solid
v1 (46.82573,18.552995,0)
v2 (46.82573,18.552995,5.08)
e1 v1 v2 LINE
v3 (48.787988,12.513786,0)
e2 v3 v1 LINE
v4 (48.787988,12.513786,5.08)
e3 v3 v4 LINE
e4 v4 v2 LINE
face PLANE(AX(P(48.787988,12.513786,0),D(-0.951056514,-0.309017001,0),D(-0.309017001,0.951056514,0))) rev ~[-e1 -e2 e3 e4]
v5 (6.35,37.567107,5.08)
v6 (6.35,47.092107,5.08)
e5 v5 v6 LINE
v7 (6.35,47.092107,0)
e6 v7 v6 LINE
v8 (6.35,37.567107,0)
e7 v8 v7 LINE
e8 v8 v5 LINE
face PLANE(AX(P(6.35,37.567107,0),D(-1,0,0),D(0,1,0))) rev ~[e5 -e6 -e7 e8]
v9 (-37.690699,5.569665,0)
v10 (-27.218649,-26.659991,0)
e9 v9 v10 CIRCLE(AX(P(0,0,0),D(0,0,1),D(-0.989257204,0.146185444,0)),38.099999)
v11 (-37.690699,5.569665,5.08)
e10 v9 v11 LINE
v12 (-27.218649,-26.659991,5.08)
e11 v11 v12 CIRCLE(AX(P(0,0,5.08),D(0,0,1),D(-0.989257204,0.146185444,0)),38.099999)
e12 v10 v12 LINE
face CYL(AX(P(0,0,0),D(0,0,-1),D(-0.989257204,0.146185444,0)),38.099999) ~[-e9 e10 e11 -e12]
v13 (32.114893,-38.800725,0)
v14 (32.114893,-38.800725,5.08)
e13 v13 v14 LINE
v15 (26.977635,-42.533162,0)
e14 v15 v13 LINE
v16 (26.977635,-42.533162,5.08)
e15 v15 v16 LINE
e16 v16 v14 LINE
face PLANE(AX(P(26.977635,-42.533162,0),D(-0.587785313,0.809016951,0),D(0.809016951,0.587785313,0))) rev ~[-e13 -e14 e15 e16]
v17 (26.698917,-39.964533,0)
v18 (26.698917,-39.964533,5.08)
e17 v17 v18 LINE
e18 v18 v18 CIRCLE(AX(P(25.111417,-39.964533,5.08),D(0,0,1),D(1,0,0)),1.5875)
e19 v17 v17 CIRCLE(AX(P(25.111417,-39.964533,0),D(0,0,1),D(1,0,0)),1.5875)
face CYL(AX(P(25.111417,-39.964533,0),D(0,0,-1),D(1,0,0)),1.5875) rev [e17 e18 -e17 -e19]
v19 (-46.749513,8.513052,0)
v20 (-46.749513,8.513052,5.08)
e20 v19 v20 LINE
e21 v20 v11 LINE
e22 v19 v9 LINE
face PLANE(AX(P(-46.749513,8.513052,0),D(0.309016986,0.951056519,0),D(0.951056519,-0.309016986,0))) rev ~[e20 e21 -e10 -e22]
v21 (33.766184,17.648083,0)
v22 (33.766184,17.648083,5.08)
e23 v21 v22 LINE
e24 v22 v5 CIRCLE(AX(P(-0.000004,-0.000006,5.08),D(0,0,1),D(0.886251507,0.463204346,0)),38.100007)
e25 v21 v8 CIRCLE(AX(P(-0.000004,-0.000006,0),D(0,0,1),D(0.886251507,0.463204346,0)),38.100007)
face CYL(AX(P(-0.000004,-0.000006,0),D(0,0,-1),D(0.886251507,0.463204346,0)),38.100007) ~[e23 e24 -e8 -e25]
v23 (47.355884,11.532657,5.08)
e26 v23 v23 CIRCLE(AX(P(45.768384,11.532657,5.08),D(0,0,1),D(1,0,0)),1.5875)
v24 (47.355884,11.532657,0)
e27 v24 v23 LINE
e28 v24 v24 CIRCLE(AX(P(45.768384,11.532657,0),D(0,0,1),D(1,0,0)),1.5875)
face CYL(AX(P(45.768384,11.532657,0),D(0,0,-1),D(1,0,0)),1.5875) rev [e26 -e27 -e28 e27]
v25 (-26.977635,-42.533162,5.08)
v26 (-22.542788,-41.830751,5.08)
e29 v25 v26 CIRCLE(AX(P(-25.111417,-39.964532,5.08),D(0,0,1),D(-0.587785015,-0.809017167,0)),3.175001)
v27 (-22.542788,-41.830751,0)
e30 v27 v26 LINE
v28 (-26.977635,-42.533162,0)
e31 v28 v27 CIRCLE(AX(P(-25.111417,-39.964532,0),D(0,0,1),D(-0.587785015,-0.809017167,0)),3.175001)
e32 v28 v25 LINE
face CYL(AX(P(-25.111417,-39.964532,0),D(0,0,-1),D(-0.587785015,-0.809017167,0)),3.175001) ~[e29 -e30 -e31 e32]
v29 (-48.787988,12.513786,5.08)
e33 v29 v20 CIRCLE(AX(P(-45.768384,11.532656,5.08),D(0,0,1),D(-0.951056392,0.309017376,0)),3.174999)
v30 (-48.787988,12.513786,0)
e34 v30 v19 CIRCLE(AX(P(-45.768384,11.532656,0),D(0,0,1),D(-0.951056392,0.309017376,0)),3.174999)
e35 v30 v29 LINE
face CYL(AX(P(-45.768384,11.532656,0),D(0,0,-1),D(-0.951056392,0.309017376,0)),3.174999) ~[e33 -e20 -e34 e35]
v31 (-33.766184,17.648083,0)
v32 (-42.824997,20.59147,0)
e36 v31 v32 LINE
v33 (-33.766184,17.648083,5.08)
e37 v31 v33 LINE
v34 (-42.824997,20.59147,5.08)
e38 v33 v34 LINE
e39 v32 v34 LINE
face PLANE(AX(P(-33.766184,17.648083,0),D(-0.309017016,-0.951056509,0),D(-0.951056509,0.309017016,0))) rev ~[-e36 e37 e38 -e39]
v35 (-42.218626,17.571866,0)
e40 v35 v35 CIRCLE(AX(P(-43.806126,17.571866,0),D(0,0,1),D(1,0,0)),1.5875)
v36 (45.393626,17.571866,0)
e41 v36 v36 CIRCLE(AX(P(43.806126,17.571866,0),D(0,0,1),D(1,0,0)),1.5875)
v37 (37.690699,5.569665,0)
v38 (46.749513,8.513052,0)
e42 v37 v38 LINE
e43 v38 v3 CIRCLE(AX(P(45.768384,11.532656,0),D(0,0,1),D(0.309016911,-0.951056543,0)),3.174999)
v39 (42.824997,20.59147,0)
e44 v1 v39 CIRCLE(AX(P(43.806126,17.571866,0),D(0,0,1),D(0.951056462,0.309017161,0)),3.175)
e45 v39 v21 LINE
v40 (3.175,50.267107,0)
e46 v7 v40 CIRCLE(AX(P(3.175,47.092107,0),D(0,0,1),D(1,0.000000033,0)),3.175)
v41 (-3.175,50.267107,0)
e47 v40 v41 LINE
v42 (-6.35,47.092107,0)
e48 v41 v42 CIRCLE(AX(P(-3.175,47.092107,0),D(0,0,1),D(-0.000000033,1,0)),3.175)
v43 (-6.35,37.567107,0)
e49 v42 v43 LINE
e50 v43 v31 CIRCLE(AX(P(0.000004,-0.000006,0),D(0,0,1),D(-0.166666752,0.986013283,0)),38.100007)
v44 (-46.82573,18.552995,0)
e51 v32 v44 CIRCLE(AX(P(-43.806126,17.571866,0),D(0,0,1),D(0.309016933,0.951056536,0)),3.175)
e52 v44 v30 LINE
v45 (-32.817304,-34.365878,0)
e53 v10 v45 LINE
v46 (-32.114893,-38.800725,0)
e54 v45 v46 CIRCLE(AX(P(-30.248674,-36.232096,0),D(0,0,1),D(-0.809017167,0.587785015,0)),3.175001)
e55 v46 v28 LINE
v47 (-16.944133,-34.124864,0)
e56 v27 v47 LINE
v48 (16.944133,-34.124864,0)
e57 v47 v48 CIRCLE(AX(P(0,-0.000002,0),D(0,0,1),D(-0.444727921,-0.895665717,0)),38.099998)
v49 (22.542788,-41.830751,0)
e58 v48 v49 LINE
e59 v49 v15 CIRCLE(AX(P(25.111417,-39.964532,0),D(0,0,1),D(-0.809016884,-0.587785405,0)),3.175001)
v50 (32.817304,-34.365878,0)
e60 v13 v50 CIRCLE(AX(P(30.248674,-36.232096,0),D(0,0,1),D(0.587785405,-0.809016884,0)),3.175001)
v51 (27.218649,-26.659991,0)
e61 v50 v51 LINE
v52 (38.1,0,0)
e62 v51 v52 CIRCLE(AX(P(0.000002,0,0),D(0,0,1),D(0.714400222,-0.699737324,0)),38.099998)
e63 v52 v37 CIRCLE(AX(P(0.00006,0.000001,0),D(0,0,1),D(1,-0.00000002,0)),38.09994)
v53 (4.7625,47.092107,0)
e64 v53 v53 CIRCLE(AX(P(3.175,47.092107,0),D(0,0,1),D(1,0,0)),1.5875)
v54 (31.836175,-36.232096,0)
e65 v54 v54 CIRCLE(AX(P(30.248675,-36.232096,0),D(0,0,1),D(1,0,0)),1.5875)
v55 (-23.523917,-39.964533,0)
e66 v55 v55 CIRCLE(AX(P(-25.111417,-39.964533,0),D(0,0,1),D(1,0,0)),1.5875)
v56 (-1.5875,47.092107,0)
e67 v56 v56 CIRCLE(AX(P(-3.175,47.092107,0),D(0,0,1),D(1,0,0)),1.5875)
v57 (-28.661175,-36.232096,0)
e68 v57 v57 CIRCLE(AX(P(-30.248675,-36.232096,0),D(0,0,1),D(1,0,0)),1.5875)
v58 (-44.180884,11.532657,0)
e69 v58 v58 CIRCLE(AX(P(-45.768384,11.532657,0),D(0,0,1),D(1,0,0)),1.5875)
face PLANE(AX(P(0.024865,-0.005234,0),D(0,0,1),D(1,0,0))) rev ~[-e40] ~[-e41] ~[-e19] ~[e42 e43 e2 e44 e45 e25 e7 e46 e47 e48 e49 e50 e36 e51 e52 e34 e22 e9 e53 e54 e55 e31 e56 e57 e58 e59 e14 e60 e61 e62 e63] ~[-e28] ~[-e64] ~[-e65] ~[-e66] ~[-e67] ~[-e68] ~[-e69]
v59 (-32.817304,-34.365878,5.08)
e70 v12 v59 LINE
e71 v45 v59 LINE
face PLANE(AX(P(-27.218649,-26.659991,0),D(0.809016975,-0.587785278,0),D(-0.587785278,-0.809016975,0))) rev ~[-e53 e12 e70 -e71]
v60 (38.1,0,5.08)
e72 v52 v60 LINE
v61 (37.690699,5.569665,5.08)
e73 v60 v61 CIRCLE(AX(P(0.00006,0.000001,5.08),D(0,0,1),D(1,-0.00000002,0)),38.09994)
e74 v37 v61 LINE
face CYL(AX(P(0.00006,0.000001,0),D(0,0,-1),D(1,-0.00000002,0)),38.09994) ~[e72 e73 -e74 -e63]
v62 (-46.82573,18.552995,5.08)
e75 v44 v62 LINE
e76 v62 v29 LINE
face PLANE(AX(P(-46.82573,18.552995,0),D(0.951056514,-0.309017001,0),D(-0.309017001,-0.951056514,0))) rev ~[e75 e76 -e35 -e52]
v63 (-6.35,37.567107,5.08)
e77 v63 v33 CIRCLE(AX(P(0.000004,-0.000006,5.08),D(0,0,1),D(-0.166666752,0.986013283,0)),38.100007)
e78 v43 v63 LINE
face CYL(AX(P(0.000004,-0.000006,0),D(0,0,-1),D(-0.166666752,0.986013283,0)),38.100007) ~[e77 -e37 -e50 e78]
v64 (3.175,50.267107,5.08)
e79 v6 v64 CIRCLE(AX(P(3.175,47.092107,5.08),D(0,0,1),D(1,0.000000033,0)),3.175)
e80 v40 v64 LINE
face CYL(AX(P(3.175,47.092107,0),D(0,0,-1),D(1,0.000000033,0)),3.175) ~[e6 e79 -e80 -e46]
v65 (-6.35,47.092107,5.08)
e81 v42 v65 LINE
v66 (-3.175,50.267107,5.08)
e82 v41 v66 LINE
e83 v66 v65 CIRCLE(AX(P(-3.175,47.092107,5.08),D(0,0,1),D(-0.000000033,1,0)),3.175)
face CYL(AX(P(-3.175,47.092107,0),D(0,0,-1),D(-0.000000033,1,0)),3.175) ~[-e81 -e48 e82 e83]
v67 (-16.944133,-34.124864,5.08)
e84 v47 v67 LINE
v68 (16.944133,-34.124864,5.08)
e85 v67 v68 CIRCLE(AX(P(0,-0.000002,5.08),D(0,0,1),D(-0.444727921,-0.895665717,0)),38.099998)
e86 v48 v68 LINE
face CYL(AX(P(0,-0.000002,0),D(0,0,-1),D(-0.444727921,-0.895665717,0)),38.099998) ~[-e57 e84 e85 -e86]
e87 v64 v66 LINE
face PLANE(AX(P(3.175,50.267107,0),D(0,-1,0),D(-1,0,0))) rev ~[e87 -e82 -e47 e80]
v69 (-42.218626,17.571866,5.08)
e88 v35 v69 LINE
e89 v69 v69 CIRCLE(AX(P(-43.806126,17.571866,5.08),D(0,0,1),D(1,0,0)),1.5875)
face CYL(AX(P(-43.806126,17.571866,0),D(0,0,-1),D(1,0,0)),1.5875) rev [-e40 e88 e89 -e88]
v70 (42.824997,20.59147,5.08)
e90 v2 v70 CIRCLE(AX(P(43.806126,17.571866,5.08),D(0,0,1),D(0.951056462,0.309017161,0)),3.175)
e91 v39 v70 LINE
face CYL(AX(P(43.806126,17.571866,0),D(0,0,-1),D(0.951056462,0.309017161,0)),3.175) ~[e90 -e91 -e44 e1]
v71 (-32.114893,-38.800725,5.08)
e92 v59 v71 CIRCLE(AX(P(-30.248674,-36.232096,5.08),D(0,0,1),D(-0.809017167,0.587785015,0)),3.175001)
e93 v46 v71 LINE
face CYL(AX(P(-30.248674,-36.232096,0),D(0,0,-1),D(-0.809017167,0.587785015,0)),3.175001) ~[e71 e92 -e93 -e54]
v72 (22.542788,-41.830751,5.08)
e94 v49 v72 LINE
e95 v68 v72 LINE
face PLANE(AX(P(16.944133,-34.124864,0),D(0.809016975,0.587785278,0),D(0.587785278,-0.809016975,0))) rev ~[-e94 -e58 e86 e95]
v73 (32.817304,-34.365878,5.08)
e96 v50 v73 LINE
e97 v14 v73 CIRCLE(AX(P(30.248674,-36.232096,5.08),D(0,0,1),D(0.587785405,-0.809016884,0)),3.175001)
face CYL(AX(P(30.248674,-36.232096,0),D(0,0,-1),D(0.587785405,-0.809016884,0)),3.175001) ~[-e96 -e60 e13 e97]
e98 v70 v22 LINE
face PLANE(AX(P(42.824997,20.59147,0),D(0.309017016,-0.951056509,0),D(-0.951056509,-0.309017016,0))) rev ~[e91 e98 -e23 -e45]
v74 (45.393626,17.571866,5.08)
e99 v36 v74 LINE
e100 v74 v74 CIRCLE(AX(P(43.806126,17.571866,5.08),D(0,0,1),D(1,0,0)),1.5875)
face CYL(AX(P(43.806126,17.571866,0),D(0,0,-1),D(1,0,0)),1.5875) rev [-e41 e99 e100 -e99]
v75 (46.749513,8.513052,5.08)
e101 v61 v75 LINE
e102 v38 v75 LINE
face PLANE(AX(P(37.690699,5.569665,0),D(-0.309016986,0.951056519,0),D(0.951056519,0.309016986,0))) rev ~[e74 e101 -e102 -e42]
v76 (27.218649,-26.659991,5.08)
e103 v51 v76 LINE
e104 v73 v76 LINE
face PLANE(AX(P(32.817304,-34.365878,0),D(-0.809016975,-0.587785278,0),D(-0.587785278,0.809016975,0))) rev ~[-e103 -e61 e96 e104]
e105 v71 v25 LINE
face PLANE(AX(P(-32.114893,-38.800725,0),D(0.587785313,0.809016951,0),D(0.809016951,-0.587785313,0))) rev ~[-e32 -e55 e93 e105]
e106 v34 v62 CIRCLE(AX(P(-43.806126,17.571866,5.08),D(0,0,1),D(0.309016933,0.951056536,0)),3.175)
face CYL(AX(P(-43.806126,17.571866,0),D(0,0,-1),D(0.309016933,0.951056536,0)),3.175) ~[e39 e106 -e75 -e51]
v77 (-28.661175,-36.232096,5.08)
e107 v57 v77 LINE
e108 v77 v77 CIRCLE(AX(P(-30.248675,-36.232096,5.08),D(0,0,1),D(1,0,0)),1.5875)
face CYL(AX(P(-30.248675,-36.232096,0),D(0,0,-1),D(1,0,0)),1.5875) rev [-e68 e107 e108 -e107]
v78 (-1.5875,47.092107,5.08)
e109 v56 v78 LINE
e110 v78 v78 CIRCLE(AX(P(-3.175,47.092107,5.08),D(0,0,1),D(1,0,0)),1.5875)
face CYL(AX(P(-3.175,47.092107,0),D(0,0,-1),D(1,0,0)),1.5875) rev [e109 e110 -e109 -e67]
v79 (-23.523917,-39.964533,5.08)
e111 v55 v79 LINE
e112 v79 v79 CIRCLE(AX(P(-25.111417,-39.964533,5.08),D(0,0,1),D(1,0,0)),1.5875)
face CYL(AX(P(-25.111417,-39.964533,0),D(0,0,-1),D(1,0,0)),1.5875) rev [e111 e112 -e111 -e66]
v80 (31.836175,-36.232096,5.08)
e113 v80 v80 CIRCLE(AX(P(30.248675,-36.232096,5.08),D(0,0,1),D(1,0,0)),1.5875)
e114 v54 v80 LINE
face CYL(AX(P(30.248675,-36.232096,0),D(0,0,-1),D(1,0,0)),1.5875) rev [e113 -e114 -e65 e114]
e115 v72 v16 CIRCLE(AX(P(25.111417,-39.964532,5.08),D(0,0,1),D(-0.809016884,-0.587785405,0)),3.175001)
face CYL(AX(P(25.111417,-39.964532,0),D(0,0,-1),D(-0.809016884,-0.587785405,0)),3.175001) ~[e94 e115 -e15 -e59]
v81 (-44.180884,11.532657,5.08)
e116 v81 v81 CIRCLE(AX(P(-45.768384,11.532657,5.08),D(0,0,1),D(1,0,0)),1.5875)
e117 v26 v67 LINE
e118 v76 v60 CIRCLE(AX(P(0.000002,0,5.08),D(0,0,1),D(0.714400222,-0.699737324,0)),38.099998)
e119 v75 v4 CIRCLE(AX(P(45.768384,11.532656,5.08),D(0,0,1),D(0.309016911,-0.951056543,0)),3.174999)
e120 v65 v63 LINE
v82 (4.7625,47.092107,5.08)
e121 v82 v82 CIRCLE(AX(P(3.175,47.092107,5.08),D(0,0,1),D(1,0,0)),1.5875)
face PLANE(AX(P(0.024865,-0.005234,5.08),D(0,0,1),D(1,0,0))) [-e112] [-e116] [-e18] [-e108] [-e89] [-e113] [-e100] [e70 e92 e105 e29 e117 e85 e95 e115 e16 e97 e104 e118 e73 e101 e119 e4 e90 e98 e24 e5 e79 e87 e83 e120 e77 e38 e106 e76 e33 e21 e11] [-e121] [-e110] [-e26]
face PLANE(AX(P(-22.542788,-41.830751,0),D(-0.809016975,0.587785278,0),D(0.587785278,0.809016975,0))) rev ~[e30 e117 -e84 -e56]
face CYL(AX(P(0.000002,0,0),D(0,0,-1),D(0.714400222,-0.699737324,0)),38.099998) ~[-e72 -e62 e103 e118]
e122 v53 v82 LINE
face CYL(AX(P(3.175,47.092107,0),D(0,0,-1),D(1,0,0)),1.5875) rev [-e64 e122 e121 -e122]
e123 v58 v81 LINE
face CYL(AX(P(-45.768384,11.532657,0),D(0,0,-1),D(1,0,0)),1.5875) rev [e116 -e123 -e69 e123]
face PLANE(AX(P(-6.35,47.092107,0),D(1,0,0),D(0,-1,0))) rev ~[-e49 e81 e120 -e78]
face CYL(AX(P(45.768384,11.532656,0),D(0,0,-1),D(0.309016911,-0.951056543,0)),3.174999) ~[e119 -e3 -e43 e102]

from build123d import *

# Parameters (mm, degrees)
F0_R     = 1.5875
F1_DEPTH = 5.08


with BuildPart() as f1:
    # F0 (on Top) → F1 (new body)
    with BuildSketch(Plane.XY):
        with BuildLine():
            ThreePointArc((27.218649, -26.659991), (35.274924, -14.39756), (38.1, 0))
            ThreePointArc((38.1, 0), (37.997537, 2.792342), (37.690699, 5.569665))
            ThreePointArc((37.690699, 5.569665), (36.235253, 11.773547), (33.766184, 17.648083))
            ThreePointArc((33.766184, 17.648083), (22.394618, 30.823547), (6.35, 37.567107))
            ThreePointArc((6.35, 37.567107), (0, 38.1), (-6.35, 37.567107))
            ThreePointArc((-6.35, 37.567107), (-22.394618, 30.823547), (-33.766184, 17.648083))
            ThreePointArc((-33.766184, 17.648083), (-36.235253, 11.773547), (-37.690699, 5.569665))
            ThreePointArc((-37.690699, 5.569665), (-36.235253, -11.773547), (-27.218649, -26.659991))
            ThreePointArc((-27.218649, -26.659991), (-22.394618, -30.823547), (-16.944133, -34.124864))
            ThreePointArc((-16.944133, -34.124864), (0, -38.1), (16.944133, -34.124864))
            ThreePointArc((16.944133, -34.124864), (22.394618, -30.823547), (27.218649, -26.659991))
        make_face()
        with BuildLine():
            ThreePointArc((33.766184, 17.648083), (36.235253, 11.773547), (37.690699, 5.569665))
            Line((37.690699, 5.569665), (46.749513, 8.513052))
            ThreePointArc((46.749513, 8.513052), (48.59733, 10.091237), (48.787988, 12.513786))
            Line((48.787988, 12.513786), (46.82573, 18.552995))
            ThreePointArc((46.82573, 18.552995), (45.247546, 20.400811), (42.824997, 20.59147))
            Line((42.824997, 20.59147), (33.766184, 17.648083))
        make_face()
        with Locations((45.768384, 11.532657)):
            Circle(F0_R, mode=Mode.SUBTRACT)
        with Locations((43.806126, 17.571866)):
            Circle(F0_R, mode=Mode.SUBTRACT)
        with BuildLine():
            Line((32.817304, -34.365878), (27.218649, -26.659991))
            ThreePointArc((27.218649, -26.659991), (22.394618, -30.823547), (16.944133, -34.124864))
            Line((16.944133, -34.124864), (22.542788, -41.830751))
            ThreePointArc((22.542788, -41.830751), (24.614737, -43.100443), (26.977635, -42.533162))
            Line((26.977635, -42.533162), (32.114893, -38.800725))
            ThreePointArc((32.114893, -38.800725), (33.384585, -36.728776), (32.817304, -34.365878))
        make_face()
        with Locations((25.111417, -39.964533)):
            Circle(F0_R, mode=Mode.SUBTRACT)
        with Locations((30.248675, -36.232096)):
            Circle(F0_R, mode=Mode.SUBTRACT)
        with BuildLine():
            ThreePointArc((-6.35, 37.567107), (0, 38.1), (6.35, 37.567107))
            Line((6.35, 37.567107), (6.35, 47.092107))
            ThreePointArc((6.35, 47.092107), (5.420064, 49.337171), (3.175, 50.267107))
            Line((3.175, 50.267107), (-3.175, 50.267107))
            ThreePointArc((-3.175, 50.267107), (-5.420064, 49.337171), (-6.35, 47.092107))
            Line((-6.35, 47.092107), (-6.35, 37.567107))
        make_face()
        with Locations((-3.175, 47.092107)):
            Circle(F0_R, mode=Mode.SUBTRACT)
        with Locations((3.175, 47.092107)):
            Circle(F0_R, mode=Mode.SUBTRACT)
        with BuildLine():
            Line((-22.542788, -41.830751), (-16.944133, -34.124864))
            ThreePointArc((-16.944133, -34.124864), (-22.394618, -30.823547), (-27.218649, -26.659991))
            Line((-27.218649, -26.659991), (-32.817304, -34.365878))
            ThreePointArc((-32.817304, -34.365878), (-33.384585, -36.728776), (-32.114893, -38.800725))
            Line((-32.114893, -38.800725), (-26.977635, -42.533162))
            ThreePointArc((-26.977635, -42.533162), (-24.614737, -43.100443), (-22.542788, -41.830751))
        make_face()
        with Locations((-25.111417, -39.964533)):
            Circle(F0_R, mode=Mode.SUBTRACT)
        with Locations((-30.248675, -36.232096)):
            Circle(F0_R, mode=Mode.SUBTRACT)
        with BuildLine():
            ThreePointArc((-37.690699, 5.569665), (-36.235253, 11.773547), (-33.766184, 17.648083))
            Line((-33.766184, 17.648083), (-42.824997, 20.59147))
            ThreePointArc((-42.824997, 20.59147), (-45.247546, 20.400811), (-46.82573, 18.552995))
            Line((-46.82573, 18.552995), (-48.787988, 12.513786))
            ThreePointArc((-48.787988, 12.513786), (-48.59733, 10.091237), (-46.749513, 8.513052))
            Line((-46.749513, 8.513052), (-37.690699, 5.569665))
        make_face()
        with Locations((-45.768384, 11.532657)):
            Circle(F0_R, mode=Mode.SUBTRACT)
        with Locations((-43.806126, 17.571866)):
            Circle(F0_R, mode=Mode.SUBTRACT)
    extrude(amount=F1_DEPTH)


solid = f1.part
